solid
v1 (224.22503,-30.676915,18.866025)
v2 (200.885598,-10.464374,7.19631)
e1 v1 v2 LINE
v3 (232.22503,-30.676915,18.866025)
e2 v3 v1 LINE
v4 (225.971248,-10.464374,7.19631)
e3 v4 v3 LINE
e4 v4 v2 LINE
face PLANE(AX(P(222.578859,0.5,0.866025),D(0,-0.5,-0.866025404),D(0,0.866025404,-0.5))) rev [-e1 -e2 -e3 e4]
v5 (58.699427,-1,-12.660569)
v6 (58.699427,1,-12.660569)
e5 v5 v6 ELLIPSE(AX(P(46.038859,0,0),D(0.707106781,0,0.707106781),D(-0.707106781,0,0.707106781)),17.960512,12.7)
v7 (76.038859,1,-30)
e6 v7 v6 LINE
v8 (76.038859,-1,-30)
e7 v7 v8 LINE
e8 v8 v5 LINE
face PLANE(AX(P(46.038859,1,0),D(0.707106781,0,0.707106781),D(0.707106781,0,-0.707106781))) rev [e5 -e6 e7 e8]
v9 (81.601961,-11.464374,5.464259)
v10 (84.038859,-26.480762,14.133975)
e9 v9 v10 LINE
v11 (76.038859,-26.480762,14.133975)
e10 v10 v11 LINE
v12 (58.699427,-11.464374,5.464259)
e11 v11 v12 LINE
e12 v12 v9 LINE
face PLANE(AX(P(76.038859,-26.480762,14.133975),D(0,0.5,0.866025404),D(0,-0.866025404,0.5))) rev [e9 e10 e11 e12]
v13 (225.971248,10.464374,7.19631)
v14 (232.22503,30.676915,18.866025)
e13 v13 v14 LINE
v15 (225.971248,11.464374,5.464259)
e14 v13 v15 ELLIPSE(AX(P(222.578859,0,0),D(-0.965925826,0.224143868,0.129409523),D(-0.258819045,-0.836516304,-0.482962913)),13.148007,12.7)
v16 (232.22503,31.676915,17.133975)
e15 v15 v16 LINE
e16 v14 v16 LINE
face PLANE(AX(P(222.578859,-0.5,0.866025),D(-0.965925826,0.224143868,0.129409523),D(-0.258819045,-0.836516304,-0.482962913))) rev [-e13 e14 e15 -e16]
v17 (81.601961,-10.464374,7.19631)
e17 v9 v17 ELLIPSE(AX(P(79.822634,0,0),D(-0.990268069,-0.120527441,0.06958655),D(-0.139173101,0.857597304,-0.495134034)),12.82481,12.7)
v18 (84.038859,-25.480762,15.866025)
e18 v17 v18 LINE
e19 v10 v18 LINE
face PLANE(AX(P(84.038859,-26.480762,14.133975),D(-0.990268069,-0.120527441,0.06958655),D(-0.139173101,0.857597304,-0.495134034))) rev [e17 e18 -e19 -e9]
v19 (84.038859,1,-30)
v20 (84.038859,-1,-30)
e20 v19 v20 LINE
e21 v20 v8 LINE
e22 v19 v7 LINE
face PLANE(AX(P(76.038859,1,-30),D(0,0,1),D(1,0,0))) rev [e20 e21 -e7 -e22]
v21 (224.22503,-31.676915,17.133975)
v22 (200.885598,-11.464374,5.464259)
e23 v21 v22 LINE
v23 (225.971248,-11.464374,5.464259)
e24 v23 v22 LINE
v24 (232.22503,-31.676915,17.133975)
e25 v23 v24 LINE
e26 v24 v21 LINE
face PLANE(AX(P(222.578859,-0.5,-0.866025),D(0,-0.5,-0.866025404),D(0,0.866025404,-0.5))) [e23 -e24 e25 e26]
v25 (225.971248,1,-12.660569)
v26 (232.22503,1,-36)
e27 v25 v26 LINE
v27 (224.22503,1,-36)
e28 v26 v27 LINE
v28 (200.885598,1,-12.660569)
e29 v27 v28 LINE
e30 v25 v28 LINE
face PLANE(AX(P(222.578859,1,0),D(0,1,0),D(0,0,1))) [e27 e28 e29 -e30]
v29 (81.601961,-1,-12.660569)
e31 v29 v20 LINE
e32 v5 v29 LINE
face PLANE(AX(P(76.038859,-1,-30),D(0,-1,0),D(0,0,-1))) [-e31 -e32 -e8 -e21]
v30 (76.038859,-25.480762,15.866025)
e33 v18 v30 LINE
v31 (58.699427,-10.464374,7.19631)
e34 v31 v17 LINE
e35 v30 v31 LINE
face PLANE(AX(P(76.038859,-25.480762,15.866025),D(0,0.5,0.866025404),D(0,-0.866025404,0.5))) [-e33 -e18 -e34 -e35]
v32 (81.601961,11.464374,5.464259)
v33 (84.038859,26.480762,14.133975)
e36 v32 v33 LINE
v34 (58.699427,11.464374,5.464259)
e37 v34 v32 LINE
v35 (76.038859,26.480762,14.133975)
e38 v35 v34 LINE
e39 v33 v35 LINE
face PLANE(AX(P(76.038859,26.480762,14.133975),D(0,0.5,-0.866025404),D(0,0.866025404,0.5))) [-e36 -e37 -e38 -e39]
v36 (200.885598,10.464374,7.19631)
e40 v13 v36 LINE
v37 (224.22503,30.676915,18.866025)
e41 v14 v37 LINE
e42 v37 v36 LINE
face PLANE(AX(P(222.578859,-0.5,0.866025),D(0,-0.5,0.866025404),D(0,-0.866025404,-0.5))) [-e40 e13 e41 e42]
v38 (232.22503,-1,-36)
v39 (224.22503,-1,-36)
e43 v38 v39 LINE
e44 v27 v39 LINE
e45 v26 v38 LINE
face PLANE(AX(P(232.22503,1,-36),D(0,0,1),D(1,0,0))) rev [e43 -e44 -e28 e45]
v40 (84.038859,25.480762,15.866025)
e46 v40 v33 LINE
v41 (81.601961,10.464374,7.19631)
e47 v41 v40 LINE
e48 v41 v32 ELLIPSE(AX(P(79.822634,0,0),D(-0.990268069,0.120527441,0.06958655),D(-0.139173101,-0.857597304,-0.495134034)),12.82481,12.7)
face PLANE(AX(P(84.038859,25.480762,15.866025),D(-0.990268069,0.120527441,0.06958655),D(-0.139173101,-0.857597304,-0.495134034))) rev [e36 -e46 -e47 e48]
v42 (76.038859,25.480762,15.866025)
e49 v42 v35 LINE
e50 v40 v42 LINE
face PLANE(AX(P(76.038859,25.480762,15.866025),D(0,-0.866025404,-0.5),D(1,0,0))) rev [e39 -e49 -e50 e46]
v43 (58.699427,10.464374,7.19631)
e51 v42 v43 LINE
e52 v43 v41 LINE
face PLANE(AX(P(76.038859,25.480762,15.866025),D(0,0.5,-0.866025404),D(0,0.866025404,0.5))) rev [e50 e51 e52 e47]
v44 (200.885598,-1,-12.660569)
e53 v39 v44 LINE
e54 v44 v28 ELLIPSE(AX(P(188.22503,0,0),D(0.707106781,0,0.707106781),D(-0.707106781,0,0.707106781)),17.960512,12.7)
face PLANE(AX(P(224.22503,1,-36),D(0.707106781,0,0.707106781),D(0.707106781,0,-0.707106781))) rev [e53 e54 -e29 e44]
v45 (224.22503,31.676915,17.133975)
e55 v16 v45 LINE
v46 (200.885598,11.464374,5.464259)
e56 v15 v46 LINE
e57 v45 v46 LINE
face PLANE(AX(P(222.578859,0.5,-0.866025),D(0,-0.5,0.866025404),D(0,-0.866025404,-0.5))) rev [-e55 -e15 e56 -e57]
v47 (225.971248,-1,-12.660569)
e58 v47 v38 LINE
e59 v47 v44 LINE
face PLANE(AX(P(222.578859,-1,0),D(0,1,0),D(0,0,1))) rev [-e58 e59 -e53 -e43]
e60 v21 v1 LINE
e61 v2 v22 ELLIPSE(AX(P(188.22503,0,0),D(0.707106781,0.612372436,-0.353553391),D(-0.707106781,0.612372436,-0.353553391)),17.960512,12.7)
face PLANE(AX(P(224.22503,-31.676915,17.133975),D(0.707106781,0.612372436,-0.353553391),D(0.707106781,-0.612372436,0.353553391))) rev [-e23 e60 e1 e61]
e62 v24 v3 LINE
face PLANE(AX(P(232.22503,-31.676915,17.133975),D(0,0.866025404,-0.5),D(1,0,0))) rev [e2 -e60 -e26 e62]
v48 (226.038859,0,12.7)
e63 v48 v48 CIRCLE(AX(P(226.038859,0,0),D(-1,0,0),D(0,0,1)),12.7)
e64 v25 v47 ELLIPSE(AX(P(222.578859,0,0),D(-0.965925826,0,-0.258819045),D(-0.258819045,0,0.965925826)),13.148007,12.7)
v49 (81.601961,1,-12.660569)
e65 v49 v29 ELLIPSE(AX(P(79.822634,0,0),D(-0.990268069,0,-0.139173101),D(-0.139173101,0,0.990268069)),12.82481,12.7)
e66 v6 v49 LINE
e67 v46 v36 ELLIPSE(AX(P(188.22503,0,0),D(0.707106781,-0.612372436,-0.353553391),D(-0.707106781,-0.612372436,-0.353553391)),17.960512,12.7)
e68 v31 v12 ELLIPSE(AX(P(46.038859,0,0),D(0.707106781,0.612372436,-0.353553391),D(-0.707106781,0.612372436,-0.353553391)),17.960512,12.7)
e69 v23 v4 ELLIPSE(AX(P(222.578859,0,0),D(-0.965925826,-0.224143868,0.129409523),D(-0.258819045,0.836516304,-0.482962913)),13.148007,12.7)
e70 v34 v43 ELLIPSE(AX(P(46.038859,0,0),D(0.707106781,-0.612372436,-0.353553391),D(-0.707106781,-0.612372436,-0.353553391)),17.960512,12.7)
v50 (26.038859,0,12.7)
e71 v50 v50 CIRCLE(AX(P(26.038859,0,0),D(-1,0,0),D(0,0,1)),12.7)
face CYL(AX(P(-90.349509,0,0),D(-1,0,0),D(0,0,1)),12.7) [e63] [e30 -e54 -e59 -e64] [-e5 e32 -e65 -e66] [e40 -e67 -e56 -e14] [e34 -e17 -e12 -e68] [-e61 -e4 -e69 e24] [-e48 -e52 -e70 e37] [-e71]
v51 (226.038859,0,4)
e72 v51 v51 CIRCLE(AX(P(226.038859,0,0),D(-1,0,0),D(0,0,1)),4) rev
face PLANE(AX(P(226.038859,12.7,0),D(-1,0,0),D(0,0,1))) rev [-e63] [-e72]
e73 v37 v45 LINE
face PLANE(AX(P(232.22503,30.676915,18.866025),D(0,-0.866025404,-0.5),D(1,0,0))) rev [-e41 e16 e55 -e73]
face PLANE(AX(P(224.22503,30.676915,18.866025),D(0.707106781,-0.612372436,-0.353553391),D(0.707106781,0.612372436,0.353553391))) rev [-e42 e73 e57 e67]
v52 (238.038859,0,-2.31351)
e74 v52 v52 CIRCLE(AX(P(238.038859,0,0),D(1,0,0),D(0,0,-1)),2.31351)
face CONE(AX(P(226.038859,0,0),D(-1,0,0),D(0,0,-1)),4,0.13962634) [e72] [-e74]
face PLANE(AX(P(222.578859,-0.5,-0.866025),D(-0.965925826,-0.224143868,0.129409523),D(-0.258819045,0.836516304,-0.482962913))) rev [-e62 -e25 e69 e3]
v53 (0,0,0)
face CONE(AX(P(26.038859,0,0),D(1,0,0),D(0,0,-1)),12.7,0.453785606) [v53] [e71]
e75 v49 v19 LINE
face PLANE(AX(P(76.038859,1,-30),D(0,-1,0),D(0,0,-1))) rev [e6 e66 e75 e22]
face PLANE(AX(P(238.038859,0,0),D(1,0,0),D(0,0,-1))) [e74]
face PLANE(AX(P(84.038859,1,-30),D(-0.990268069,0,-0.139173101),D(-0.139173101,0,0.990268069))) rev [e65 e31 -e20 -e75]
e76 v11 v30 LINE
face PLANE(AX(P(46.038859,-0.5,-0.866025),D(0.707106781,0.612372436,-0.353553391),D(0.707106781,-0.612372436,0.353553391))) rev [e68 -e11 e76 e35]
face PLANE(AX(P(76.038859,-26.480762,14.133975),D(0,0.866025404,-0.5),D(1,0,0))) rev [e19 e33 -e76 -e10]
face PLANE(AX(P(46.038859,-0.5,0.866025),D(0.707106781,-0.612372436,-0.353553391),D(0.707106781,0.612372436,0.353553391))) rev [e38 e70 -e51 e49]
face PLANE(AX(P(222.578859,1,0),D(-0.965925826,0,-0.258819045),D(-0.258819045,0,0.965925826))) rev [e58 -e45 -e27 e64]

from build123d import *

# Parameters (mm, degrees)
RESSALTO_EXTRUS_O2_DEPTH = 1
RESSALTO_EXTRUS_O3_DEPTH = 1
PADR_OCIRCULAR2_COUNT    = 3
ESBO_O4_R                = 4
RESSALTO_EXTRUS_O4_DEPTH = 12
RESSALTO_EXTRUS_O4_TAPER = 8


with BuildPart() as part:
    # Esboço1 → Revolução1 (revolve)
    with BuildSketch(Plane.XY, mode=Mode.PRIVATE) as revolu_o1_sk:
        Polygon((0, 0), (26.038858788, 12.7), (226.038858788, 12.7), (226.038858788, 0), align=None)
    revolve(revolu_o1_sk.sketch.rotate(Axis((-90.349509161, 0, 0), (1, 0, 0)), 270), axis=Axis((-90.349509161, 0, 0), (1, 0, 0)))

    # Esboço3 → Ressalto-extrusão2 (add, symmetric)
    with BuildSketch(Plane(origin=(0, 0, 0), x_dir=(1, 0, 0), z_dir=(0, 1, 0))):
        Polygon((222.578858788, 0), (232.225029716, 36), (224.225029716, 36), (188.225029716, 0), align=None)
    ressalto_extrus_o2 = extrude(amount=RESSALTO_EXTRUS_O2_DEPTH, both=True)

    # Esboço2 → Ressalto-extrusão3 (add, symmetric)
    with BuildSketch(Plane(origin=(0, 0, 0), x_dir=(1, 0, 0), z_dir=(0, 1, 0))):
        Polygon((76.038858788, 30), (84.038858788, 30), (79.822633747, 0), (46.038858788, 0), align=None)
    ressalto_extrus_o3 = extrude(amount=RESSALTO_EXTRUS_O3_DEPTH, both=True)

    # PadrãoCircular2: Ressalto-extrusão2, Ressalto-extrusão3 ×3 about axis
    padr_ocircular2_axis = Axis((0, 0, 0), (1, 0, 0))
    add([ressalto_extrus_o2.rotate(padr_ocircular2_axis, i * 360 / PADR_OCIRCULAR2_COUNT) for i in range(1, PADR_OCIRCULAR2_COUNT)])
    add([ressalto_extrus_o3.rotate(padr_ocircular2_axis, i * 360 / PADR_OCIRCULAR2_COUNT) for i in range(1, PADR_OCIRCULAR2_COUNT)])

    # Esboço4 → Ressalto-extrusão4 (add)
    with BuildSketch(Plane(origin=(226.038858788, 0, 0), x_dir=(0, 0, -1), z_dir=(1, 0, 0))):
        Circle(ESBO_O4_R)
    extrude(amount=RESSALTO_EXTRUS_O4_DEPTH, taper=RESSALTO_EXTRUS_O4_TAPER)


solid = part.part
